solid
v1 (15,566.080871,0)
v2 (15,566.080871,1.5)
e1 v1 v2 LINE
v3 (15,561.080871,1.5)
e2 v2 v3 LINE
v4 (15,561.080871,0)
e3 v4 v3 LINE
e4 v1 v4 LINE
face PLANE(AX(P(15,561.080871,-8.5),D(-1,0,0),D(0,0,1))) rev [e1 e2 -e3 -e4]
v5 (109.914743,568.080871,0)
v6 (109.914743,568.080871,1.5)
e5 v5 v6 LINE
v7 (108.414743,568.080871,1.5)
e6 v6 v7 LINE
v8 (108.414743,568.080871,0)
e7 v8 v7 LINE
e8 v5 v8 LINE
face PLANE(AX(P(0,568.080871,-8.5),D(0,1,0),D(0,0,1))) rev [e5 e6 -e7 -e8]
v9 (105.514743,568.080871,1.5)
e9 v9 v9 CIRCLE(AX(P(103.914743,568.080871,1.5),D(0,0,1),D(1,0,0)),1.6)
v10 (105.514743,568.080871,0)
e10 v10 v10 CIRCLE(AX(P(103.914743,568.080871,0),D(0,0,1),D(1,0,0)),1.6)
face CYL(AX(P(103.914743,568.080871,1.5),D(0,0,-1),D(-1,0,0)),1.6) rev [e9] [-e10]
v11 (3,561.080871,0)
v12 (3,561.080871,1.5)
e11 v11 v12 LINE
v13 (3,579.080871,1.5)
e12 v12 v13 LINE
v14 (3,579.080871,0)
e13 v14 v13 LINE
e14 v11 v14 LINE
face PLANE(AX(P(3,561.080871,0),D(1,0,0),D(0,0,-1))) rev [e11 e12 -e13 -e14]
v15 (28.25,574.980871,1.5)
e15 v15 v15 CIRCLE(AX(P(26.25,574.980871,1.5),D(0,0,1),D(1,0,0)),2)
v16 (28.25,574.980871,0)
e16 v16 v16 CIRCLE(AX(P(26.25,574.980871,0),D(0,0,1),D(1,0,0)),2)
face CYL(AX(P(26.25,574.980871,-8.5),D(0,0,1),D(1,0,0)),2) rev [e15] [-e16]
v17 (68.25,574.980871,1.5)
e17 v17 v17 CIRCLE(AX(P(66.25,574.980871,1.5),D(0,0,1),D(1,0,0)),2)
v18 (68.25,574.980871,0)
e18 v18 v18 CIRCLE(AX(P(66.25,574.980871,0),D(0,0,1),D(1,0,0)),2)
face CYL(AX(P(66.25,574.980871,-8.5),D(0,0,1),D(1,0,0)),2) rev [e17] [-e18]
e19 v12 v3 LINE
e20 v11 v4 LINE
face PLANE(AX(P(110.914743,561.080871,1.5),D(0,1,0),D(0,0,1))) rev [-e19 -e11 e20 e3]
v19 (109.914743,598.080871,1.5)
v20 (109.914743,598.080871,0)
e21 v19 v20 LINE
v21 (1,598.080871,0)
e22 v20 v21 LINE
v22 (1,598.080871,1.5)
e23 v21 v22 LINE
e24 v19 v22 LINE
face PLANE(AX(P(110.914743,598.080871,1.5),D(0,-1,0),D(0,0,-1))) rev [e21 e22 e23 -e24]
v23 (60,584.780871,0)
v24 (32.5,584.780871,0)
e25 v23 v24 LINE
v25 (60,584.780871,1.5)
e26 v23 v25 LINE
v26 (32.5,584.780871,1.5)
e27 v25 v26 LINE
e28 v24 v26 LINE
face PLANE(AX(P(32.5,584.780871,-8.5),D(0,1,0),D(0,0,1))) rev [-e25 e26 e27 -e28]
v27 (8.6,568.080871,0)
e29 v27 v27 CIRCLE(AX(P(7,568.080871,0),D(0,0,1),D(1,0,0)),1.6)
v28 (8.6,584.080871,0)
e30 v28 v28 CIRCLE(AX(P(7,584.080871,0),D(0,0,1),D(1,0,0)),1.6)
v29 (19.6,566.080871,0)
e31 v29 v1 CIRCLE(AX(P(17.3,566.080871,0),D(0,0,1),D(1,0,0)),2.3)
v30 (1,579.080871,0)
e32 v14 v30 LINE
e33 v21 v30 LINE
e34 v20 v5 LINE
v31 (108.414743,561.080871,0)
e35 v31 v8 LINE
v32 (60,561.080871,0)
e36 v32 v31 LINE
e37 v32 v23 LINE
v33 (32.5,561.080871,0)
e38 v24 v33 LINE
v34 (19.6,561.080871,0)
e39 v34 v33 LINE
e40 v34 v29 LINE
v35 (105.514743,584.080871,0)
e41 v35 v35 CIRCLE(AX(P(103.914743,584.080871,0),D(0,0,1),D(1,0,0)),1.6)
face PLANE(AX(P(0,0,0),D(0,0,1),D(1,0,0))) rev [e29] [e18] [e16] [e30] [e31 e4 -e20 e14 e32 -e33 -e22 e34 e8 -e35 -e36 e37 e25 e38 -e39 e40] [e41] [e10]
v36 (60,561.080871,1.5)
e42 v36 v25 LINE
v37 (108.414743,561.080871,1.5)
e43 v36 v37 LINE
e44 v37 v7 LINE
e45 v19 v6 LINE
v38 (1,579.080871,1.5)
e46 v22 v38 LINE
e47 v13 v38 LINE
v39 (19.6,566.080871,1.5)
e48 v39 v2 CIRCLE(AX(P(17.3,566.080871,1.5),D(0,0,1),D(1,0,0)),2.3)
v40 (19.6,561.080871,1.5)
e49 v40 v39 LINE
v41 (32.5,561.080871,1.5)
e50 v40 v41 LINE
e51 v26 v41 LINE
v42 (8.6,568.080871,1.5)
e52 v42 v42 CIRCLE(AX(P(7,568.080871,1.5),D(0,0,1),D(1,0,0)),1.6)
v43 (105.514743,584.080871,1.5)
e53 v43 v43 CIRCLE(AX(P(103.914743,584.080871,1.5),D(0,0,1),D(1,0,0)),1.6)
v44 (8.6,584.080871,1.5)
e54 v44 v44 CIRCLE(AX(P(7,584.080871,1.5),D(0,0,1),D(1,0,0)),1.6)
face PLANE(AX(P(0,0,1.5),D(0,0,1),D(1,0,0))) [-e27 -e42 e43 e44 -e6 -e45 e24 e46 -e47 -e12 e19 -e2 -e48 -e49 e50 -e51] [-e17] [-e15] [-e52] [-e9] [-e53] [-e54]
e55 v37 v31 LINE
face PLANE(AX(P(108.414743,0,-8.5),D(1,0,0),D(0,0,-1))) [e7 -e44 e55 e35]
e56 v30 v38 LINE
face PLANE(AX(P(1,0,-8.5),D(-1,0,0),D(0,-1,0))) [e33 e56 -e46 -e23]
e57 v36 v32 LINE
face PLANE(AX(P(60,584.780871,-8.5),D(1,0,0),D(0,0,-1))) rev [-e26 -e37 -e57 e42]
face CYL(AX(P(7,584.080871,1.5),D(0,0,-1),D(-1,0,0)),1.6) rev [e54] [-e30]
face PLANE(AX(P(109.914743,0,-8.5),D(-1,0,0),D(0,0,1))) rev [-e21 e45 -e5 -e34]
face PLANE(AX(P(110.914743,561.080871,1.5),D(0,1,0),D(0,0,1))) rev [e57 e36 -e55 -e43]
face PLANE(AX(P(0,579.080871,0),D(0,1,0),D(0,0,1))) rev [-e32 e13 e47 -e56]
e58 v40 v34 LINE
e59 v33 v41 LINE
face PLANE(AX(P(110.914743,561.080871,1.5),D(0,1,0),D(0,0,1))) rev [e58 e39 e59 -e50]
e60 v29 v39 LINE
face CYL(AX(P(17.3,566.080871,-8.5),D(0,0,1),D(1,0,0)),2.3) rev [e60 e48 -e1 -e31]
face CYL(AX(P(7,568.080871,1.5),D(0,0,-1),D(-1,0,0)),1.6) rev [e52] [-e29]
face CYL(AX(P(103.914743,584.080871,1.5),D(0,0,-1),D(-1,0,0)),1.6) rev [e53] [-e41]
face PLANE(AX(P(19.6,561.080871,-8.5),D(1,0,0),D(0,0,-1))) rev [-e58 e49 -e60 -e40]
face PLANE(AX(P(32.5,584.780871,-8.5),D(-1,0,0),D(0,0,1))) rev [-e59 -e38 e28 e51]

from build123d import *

# Parameters (mm, degrees)
SKETCH1_W           = 110.914742868
SKETCH1_H           = 37
SKETCH1_R           = 1.6
BOSS_EXTRUDE1_DEPTH = 1.5
SKETCH2_W           = 3
SKETCH2_H           = 18
CUT_EXTRUDE1_DEPTH  = 1.5
SKETCH3_W           = 1.5
SKETCH3_H           = 7
SKETCH3_W_2         = 1
SKETCH3_H_2         = 30
SKETCH3_H_3         = 19
CUT_EXTRUDE2_DEPTH  = 10
SKETCH4_R           = 2
SKETCH4_W           = 27.5
SKETCH4_H           = 23.7
CUT_EXTRUDE3_DEPTH  = 10


with BuildPart() as part:
    # Sketch1 → Boss-Extrude1 (new body)
    with BuildSketch(Plane.XY):
        with Locations((55.457371434, 579.580871166)):
            Rectangle(SKETCH1_W, SKETCH1_H)
        with Locations((103.914742868, 584.080871166)):
            Circle(SKETCH1_R, mode=Mode.SUBTRACT)
        with Locations((103.914742868, 568.080871166)):
            Circle(SKETCH1_R, mode=Mode.SUBTRACT)
        with Locations((7, 584.080871166)):
            Circle(SKETCH1_R, mode=Mode.SUBTRACT)
        with Locations((7, 568.080871166)):
            Circle(SKETCH1_R, mode=Mode.SUBTRACT)
    extrude(amount=BOSS_EXTRUDE1_DEPTH)

    # Sketch2 → Cut-Extrude1 (cut)
    with BuildSketch(Plane.XY.offset(1.5)):
        with Locations((1.5, 570.080871166)):
            Rectangle(SKETCH2_W, SKETCH2_H)
    extrude(amount=-CUT_EXTRUDE1_DEPTH, mode=Mode.SUBTRACT)

    # Sketch3 → Cut-Extrude2 (cut)
    with BuildSketch(Plane.XY.offset(1.5)):
        with Locations((109.164742868, 564.580871166)):
            Rectangle(SKETCH3_W, SKETCH3_H)
        with Locations((110.414742868, 564.580871166)):
            Rectangle(SKETCH3_W_2, SKETCH3_H)
        with Locations((110.414742868, 583.080871166)):
            Rectangle(SKETCH3_W_2, SKETCH3_H_2)
        with Locations((0.5, 588.580871166)):
            Rectangle(SKETCH3_W_2, SKETCH3_H_3)
    extrude(amount=-CUT_EXTRUDE2_DEPTH, mode=Mode.SUBTRACT)

    # Sketch4 → Cut-Extrude3 (cut)
    with BuildSketch(Plane.XY.offset(1.5)):
        with Locations((66.25, 574.980871166)):
            Circle(SKETCH4_R)
        with Locations((26.25, 574.980871166)):
            Circle(SKETCH4_R)
        with Locations((46.25, 572.930871166)):
            Rectangle(SKETCH4_W, SKETCH4_H)
        with BuildLine():
            Line((15, 561.080871166), (15, 566.080871166))
            ThreePointArc((15, 566.080871166), (17.3, 568.380871166), (19.6, 566.080871166))
            Line((19.6, 566.080871166), (19.6, 561.080871166))
            ThreePointArc((19.6, 561.080871166), (17.3, 558.780871166), (15, 561.080871166))
        make_face()
    extrude(amount=-CUT_EXTRUDE3_DEPTH, mode=Mode.SUBTRACT)


solid = part.part
